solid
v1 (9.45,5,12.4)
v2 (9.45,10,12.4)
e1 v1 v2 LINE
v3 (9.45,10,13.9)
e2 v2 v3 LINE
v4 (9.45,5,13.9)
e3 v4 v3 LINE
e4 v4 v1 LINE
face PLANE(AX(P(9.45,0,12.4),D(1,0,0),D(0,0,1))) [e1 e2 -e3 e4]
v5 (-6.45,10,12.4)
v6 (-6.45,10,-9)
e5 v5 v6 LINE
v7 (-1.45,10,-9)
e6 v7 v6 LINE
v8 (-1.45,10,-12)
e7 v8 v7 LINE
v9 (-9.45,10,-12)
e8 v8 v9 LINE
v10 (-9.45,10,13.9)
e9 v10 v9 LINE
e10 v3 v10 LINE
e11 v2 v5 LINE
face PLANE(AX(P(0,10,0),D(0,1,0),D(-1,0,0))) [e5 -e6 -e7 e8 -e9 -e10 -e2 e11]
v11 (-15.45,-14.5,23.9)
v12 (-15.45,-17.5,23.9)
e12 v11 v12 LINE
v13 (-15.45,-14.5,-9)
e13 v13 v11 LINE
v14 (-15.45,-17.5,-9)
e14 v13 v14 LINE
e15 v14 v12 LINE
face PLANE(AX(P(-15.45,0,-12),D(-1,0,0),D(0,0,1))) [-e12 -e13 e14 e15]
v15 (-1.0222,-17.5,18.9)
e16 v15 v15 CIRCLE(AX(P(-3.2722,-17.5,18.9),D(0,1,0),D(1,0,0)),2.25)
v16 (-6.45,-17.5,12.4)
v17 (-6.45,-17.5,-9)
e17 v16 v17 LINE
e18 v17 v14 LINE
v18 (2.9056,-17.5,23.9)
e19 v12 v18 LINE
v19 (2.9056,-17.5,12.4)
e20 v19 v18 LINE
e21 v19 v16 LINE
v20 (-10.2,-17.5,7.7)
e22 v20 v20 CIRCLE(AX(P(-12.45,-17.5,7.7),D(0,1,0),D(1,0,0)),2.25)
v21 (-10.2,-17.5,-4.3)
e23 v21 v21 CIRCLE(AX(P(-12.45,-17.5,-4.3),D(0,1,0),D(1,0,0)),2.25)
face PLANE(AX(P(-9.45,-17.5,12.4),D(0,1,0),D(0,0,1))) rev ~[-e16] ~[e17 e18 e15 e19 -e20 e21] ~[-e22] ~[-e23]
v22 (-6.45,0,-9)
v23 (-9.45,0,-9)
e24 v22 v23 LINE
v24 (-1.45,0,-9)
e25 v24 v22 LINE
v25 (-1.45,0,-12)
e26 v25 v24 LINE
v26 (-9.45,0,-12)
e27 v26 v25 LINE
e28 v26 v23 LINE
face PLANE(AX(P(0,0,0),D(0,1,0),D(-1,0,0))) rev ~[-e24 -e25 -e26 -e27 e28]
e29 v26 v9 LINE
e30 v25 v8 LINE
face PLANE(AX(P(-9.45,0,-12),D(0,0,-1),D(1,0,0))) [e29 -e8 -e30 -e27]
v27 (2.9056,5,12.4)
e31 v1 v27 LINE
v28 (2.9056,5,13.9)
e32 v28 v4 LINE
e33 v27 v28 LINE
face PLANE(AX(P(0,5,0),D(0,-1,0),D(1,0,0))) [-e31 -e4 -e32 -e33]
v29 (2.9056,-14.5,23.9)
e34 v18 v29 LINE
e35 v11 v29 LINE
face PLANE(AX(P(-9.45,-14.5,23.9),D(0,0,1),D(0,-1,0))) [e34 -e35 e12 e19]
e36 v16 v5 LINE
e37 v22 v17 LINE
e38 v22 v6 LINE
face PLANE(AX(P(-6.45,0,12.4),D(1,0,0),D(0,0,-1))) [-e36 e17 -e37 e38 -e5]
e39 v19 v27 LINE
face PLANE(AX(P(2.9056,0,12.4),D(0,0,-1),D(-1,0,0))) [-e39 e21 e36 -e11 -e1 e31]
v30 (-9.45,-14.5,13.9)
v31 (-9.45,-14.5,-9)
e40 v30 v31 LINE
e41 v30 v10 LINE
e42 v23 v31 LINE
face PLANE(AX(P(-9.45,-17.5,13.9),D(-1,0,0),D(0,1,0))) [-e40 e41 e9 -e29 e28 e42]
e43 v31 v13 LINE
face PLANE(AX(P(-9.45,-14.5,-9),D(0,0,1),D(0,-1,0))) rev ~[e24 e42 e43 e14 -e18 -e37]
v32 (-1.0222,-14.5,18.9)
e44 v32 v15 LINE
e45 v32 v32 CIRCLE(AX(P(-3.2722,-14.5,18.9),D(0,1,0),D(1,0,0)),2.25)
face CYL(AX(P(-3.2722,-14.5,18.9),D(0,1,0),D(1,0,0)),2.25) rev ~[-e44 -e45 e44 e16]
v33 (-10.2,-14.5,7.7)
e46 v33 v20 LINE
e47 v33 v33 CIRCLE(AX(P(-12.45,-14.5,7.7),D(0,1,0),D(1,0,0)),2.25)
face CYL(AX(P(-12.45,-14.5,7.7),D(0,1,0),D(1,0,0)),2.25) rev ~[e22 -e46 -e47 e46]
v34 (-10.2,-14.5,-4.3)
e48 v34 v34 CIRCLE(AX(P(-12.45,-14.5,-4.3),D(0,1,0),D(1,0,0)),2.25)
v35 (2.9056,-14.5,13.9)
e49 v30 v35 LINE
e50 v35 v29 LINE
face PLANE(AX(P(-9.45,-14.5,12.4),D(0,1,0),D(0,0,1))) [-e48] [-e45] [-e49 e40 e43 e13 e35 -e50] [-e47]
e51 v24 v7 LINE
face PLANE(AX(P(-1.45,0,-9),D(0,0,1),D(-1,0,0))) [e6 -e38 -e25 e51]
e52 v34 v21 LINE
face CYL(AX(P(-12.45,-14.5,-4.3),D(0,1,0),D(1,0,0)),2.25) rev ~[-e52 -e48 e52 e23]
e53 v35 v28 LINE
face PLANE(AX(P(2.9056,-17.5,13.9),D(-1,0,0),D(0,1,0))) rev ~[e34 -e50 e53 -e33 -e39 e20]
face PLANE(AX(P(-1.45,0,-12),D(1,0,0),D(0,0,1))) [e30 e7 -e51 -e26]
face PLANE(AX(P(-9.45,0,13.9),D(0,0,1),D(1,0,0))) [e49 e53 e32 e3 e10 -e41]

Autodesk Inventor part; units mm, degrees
ref_plane "YZ Plane" through (0, 0, 0) normal (1, 0, 0) x (0, 1, 0)
ref_plane "XZ Plane" through (0, 0, 0) normal (0, 1, 0) x (-1, 0, 0)
ref_plane "XY Plane" through (0, 0, 0) normal (0, 0, 1) x (1, 0, 0)
sketch "Sketch1" plane through (0, 0, 0) normal (0, 1, 0) x (-1, 0, 0)
  line L0 (-9.45, 13.9) -> (9.45, 13.9)
  line L1 (9.45, 13.9) -> (9.45, 12.4)
  line L2 (9.45, 12.4) -> (-9.45, 12.4)
  line L3 (-9.45, 12.4) -> (-9.45, 13.9)
  line L4 (9.45, 12.4) -> (6.45, 12.4)
  line L5 (6.45, 12.4) -> (6.45, -9)
  line L6 (6.45, -9) -> (9.45, -9)
  line L7 (9.45, -9) -> (9.45, 12.4)
  line L8 (-9.45, 12.4) -> (-7.95, 12.4)
  line L9 (-7.95, 12.4) -> (-7.95, -9)
  line L10 (-7.95, -9) -> (-9.45, -9)
  line L11 (-9.45, -9) -> (-9.45, 12.4)
  line L12 (-7.95, -9) -> (-9.45, -9)
  line L13 (-9.45, -9) -> (-9.45, -12)
  line L14 (-9.45, -12) -> (-7.95, -12)
  line L15 (-7.95, -12) -> (-7.95, -9)
  line L16 (1.45, -9) -> (9.45, -9)
  line L17 (9.45, -9) -> (9.45, -12)
  line L18 (9.45, -12) -> (1.45, -12)
  line L19 (1.45, -12) -> (1.45, -9)
  line L20 (-9.45, -12) -> (-7.95, -12)
  line L21 (9.45, -12) -> (6.45, -12)
  line L22 (-7.95, -12) -> (-4.95, -12)
  line L23 (-4.95, -12) -> (-4.95, -9)
  line L24 (-4.95, -9) -> (-7.95, -9)
  line L25 (-7.95, -9) -> (-7.95, -12)
  point P0 (0, 0)
  point P1 (0, 12.4)
  dimension "d0" = 1.5
  dimension "d1" = 3
  dimension "d2" = 1.5
  dimension "d3" = 3
  dimension "d4" = 3
  dimension "d5" = 0
  dimension "d6" = 5
  dimension "d7" = 14.4
  dimension "d8" = 21.4
  dimension "d9" = 21.4
  dimension "d12" = 0
  dimension "d13" = 0
  dimension "d38" = 3
extrude "Extrusion1" add sketch "Sketch1" along normal blind 10 contours L0 L1 L2 L3 | L7 L6 L5 L2 | L17 L18 L19 L16 L6
sketch "Sketch8" plane through (0, 0, 0) normal (0, -1, 0) x (1, 0, 0)
  line L0 (2.9056, 13.9) -> (14.45, 13.9)
  line L1 (14.45, 13.9) -> (14.45, -22.6)
  line L2 (14.45, -22.6) -> (2.9056, -22.6)
  line L3 (2.9056, -22.6) -> (2.9056, 13.9)
  line L4 (-9.45, 13.9) -> (9.45, 13.9) projected
  point P0 (0, 0)
extrude "Extrusion6" cut sketch "Sketch8" against normal blind 5
sketch "Sketch9" plane through (0, 0, 0) normal (0, -1, 0) x (1, 0, 0)
  line L0 (2.9056, 12.4) -> (2.9056, 13.9) projected
  line L1 (-9.45, 13.9) -> (2.9056, 13.9) projected
  line L2 (-9.45, 13.9) -> (-9.45, -12) projected
  line L3 (-9.45, -12) -> (-1.45, -12) projected
  line L4 (-1.45, -12) -> (-1.45, -9) projected
  line L5 (-1.45, -9) -> (-6.45, -9) projected
  line L6 (-6.45, 12.4) -> (-6.45, -9) projected
  line L7 (2.9056, 12.4) -> (-6.45, 12.4) projected
  line L8 (-6.45, -9) -> (-1.45, -9) projected
  line L9 (-9.45, -12) -> (-9.45, 13.9) projected
  line L10 (-6.45, -9) -> (-9.45, -9)
  line L11 (-9.45, -9) -> (-9.45, 12.4)
  line L12 (-9.45, 12.4) -> (-6.45, 12.4)
  line L13 (-6.45, 12.4) -> (-6.45, -9)
  point P0 (0, 0)
extrude "Extrusion7" add sketch "Sketch9" along normal blind 17.5 contours L6 L10 L2 L12
sketch "Sketch10" plane through (-9.45, 0, 13.9) normal (-1, 0, 0) x (0, 0, 1)
  line L0 (-22.9, -17.5) -> (-1.5, -17.5) projected
  line L1 (-1.5, 0) -> (-1.5, -17.5) projected
  line L2 (-22.9, -17.5) -> (-1.5, -17.5)
  line L3 (-1.5, -17.5) -> (-1.5, -14.5)
  line L4 (-1.5, -14.5) -> (-22.9, -14.5)
  line L5 (-22.9, -14.5) -> (-22.9, -17.5)
  point P0 (-13.9, 0)
  dimension "d41" = 3
extrude "Extrusion8" add sketch "Sketch10" along normal blind 6
sketch "Sketch11" plane through (-9.45, -14.5, 12.4) normal (0, 1, 0) x (1, 0, 0)
  line L0 (0, 21.4) -> (0, 0) projected
  line L1 (0, 21.4) -> (-6, 21.4) projected
  line L2 (-6, 0) -> (-6, 21.4) projected
  line L3 (0, 0) -> (-6, 0) projected
  line L4 (3, 21.4) -> (-6, 21.4) projected
  line L5 (-3, 21.4) -> (-3, 0) construction
  circle A0 centre (-3, 4.7) radius 2.25
  circle A1 centre (-3, 16.7) radius 2.25
  line L6 (-6, 0) -> (-6, 21.4) projected
  line L7 (-6, 10.7) -> (0, 10.7) construction
  point P0 (9.45, 12.4)
  dimension "d44" = 4.5
  dimension "d45" = 4.5
  dimension "d50" = 6
  dimension "d51" = 6
extrude "Extrusion9" cut sketch "Sketch11" against normal blind 3 contours A0 | A1
sketch "Sketch12" plane through (0, 0, 0) normal (0, -1, 0) x (1, 0, 0)
  line L0 (-9.45, 12.4) -> (-6.45, 12.4) projected
  line L1 (2.9056, 12.4) -> (-6.45, 12.4) projected
  line L2 (2.9056, 12.4) -> (2.9056, 13.9) projected
  line L3 (-9.45, 13.9) -> (2.9056, 13.9) projected
  line L4 (-9.45, 13.9) -> (-9.45, 12.4) projected
  point P0 (0, 0)
extrude "Extrusion10" add sketch "Sketch12" along normal blind 17.5
sketch "Sketch13" plane through (-9.45, 10, 13.9) normal (0, 0, 1) x (1, 0, 0)
  line L0 (12.3556, -27.5) -> (12.3556, -5) projected
  line L1 (12.3556, -5) -> (18.9, -5) projected
  line L2 (18.9, -5) -> (18.9, 0) projected
  line L3 (0, 0) -> (18.9, 0) projected
  line L4 (0, -27.5) -> (0, 0) projected
  line L5 (12.3556, -27.5) -> (0, -27.5) projected
  line L6 (12.3556, -5) -> (12.3556, -27.5) projected
  line L7 (0, -27.5) -> (0, 0) projected
  line L8 (12.3556, -27.5) -> (0, -27.5)
  line L9 (0, -27.5) -> (0, -24.5)
  line L10 (0, -24.5) -> (12.3556, -24.5)
  line L11 (12.3556, -24.5) -> (12.3556, -27.5)
  point P0 (9.45, -10)
  dimension "d54" = 3
extrude "Extrusion11" add sketch "Sketch13" along normal blind 10 contours L5 L4 L10 L0
sketch "Sketch14" plane through (-9.45, -14.5, 13.9) normal (0, 1, 0) x (1, 0, 0)
  line L0 (0, 0) -> (12.3556, 0) projected
  line L1 (0, 0) -> (0, -10) projected
  line L2 (12.3556, -10) -> (0, -10) projected
  line L3 (12.3556, 0) -> (12.3556, -10) projected
  circle A0 centre (6.1778, -5) radius 2.25
  point P0 (9.45, 13.9)
  dimension "d57" = 4.5
extrude "Extrusion12" cut sketch "Sketch14" against normal blind 3 contours A0
sketch "Sketch15" plane through (-9.45, 0, -12) normal (-1, 0, 0) x (0, 0, 1)
  line L0 (3, -14.5) -> (24.4, -14.5) projected
  line L1 (24.4, -17.5) -> (24.4, -14.5) projected
  line L2 (24.4, -17.5) -> (35.9, -17.5) projected
  line L3 (35.9, -14.5) -> (35.9, -17.5) projected
  line L4 (25.9, -14.5) -> (35.9, -14.5) projected
  line L5 (25.9, -14.5) -> (25.9, 10) projected
  line L6 (0, 10) -> (25.9, 10) projected
  line L7 (0, 0) -> (0, 10) projected
  line L8 (3, 0) -> (0, 0) projected
  line L9 (3, 0) -> (3, -14.5) projected
  line L10 (24.4, -17.5) -> (35.9, -17.5) projected
  line L11 (24.4, -17.5) -> (24.4, -14.5) projected
  line L12 (35.9, -17.5) -> (24.4, -17.5)
  line L13 (24.4, -17.5) -> (24.4, -14.5)
  line L14 (24.4, -14.5) -> (35.9, -14.5)
  line L15 (35.9, -14.5) -> (35.9, -17.5)
  point P0 (12, 0)
extrude "Extrusion13" add sketch "Sketch15" along normal blind 6 contours L14 L4 L3 L2 L1
sketch "Sketch16" plane through (0, -17.5, 0) normal (0, -1, 0) x (1, 0, 0)
  circle A0 centre (-3.2722, 18.9) radius 2.25 projected
  circle A1 centre (-12.45, 7.7) radius 2.25 projected
  circle A2 centre (-12.45, -4.3) radius 2.25 projected
  line L0 (-6.45, -9) -> (-15.45, -9) projected
  line L1 (-6.45, -9) -> (-6.45, 12.4) projected
  line L2 (-6.45, 12.4) -> (2.9056, 12.4) projected
  line L3 (2.9056, 12.4) -> (2.9056, 23.9) projected
  line L4 (2.9056, 23.9) -> (-15.45, 23.9) projected
  line L5 (-15.45, -9) -> (-15.45, 23.9) projected
  point P0 (0, 0)
equation "\"sp\" = 0.4"
properties part number "MotorMount"
